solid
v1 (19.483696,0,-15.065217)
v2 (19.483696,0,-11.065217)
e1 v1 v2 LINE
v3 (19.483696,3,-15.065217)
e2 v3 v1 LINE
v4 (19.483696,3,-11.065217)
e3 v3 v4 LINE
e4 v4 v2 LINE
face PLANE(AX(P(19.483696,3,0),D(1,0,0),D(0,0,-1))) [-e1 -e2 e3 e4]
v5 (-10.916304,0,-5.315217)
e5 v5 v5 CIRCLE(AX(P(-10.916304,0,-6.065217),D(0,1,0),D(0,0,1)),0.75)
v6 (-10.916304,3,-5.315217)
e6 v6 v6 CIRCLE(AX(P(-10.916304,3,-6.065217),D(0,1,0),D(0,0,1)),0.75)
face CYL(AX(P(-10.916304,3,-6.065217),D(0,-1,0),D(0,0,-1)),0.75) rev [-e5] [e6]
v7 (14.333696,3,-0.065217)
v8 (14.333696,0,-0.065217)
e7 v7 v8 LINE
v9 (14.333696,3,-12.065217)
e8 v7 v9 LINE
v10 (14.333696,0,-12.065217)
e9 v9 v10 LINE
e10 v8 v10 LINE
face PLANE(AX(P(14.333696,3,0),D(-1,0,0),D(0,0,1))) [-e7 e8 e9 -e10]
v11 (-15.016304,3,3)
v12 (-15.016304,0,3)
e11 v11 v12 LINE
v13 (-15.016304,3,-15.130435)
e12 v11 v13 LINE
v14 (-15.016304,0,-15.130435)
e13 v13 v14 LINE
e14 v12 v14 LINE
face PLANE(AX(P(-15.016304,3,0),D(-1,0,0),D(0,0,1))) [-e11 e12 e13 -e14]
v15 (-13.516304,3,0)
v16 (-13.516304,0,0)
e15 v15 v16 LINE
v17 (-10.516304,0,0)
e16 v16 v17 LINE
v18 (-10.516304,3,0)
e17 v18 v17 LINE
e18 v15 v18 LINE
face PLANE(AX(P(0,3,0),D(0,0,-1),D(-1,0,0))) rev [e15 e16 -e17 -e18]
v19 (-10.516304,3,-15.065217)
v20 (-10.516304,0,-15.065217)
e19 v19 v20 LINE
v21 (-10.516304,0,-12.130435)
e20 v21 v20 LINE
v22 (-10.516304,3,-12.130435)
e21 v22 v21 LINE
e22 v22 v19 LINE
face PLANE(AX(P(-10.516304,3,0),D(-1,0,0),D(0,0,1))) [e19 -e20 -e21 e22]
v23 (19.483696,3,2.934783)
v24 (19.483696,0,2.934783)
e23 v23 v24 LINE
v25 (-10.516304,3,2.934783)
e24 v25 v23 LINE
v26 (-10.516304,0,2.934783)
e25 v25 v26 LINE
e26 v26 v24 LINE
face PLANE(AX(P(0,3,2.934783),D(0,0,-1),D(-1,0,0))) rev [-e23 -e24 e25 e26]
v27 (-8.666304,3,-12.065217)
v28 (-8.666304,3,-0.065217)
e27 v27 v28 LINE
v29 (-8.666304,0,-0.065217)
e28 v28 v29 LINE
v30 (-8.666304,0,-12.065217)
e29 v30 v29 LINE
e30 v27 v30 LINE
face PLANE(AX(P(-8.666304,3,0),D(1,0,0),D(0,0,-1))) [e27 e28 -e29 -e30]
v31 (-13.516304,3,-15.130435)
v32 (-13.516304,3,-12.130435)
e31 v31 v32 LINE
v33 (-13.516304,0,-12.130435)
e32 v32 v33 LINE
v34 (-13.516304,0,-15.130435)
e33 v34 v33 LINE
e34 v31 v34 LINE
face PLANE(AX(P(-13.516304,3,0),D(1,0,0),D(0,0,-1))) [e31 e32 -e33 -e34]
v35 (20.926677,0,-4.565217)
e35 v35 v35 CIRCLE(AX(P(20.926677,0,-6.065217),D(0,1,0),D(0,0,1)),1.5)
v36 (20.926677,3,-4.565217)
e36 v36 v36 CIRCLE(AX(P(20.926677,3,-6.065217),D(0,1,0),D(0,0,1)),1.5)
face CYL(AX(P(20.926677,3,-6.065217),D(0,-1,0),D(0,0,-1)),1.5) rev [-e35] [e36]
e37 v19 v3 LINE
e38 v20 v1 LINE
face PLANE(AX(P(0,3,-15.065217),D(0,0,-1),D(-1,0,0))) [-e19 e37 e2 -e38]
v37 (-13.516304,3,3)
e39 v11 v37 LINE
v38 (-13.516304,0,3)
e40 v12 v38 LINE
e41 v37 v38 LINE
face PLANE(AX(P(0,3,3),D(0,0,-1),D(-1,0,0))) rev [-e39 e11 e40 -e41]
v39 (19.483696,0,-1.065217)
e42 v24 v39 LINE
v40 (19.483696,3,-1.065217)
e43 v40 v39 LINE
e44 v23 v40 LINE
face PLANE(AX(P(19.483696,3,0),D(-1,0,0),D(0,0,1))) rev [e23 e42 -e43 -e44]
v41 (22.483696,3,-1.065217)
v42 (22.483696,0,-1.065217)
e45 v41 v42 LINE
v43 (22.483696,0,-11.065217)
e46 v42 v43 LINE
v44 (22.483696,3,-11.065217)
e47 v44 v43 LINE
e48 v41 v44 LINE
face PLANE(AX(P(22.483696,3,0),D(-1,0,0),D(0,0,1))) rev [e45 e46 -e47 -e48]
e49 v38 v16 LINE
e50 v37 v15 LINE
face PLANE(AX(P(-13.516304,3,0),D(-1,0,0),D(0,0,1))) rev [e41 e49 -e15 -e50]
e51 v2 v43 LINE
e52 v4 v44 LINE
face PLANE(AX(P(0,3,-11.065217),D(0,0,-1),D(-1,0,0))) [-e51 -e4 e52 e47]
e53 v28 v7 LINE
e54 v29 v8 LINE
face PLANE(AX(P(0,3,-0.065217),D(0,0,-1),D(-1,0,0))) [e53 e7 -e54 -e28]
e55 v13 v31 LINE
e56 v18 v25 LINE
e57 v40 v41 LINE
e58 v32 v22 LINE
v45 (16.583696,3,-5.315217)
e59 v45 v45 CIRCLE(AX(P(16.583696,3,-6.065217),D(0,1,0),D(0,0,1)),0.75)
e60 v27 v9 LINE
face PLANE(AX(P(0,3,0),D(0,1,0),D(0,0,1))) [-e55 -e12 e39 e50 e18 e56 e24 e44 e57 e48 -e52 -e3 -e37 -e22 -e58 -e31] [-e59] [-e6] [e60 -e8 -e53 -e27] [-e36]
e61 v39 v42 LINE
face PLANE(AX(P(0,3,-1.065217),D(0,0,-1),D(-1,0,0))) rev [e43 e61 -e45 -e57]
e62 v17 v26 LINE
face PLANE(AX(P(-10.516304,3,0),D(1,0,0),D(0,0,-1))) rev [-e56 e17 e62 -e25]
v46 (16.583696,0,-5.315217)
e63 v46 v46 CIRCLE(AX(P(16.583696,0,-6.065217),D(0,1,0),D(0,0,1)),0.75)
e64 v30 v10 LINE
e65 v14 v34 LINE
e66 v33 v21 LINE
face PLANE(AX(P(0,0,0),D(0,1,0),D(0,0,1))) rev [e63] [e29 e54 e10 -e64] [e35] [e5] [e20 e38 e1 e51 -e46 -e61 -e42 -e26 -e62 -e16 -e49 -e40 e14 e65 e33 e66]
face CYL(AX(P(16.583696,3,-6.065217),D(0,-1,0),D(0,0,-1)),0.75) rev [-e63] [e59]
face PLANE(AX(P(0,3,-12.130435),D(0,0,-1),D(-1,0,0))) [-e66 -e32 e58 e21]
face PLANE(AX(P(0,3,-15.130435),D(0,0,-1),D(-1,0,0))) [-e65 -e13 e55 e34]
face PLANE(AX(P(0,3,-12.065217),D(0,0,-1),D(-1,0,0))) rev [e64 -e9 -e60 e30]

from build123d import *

# Parameters (mm, degrees)
SKETCH_1_R      = 1.5
SKETCH_1_R_2    = 0.75
SKETCH_1_W      = 23
SKETCH_1_H      = 12
EXTRUDE_3_DEPTH = 3


with BuildPart() as part:
    # 草图1 → 凸台-拉伸3 (new body)
    with BuildSketch(Plane(origin=(0, 0, 0), x_dir=(1, 0, 0), z_dir=(0, 1, 0))):
        Polygon((-15.016304348, 6.130434783), (-15.016304348, 15.130434783), (-13.516304348, 15.130434783), (-13.516304348, 12.130434783), (-10.516304348, 12.130434783), (-10.516304348, 15.065217391), (19.483695652, 15.065217391), (19.483695652, 11.065217391), (22.483695652, 11.065217391), (22.483695652, 1.065217391), (19.483695652, 1.065217391), (19.483695652, -2.934782609), (-10.516304348, -2.934782609), (-10.516304348, 0), (-13.516304348, 0), (-13.516304348, -3), (-15.016304348, -3), (-15.016304348, 6), align=None)
        with Locations(Location((20.926676996, 6.065217391, 0), (0, 0, 270))):
            Circle(SKETCH_1_R, mode=Mode.SUBTRACT)
        with Locations(Location((-10.916304348, 6.065217391, 0), (0, 0, 270))):
            Circle(SKETCH_1_R_2, mode=Mode.SUBTRACT)
        with Locations(Location((16.583695652, 6.065217391, 0), (0, 0, 270))):
            Circle(SKETCH_1_R_2, mode=Mode.SUBTRACT)
        with Locations((2.833695652, 6.065217391)):
            Rectangle(SKETCH_1_W, SKETCH_1_H, mode=Mode.SUBTRACT)
    extrude(amount=EXTRUDE_3_DEPTH)


solid = part.part
